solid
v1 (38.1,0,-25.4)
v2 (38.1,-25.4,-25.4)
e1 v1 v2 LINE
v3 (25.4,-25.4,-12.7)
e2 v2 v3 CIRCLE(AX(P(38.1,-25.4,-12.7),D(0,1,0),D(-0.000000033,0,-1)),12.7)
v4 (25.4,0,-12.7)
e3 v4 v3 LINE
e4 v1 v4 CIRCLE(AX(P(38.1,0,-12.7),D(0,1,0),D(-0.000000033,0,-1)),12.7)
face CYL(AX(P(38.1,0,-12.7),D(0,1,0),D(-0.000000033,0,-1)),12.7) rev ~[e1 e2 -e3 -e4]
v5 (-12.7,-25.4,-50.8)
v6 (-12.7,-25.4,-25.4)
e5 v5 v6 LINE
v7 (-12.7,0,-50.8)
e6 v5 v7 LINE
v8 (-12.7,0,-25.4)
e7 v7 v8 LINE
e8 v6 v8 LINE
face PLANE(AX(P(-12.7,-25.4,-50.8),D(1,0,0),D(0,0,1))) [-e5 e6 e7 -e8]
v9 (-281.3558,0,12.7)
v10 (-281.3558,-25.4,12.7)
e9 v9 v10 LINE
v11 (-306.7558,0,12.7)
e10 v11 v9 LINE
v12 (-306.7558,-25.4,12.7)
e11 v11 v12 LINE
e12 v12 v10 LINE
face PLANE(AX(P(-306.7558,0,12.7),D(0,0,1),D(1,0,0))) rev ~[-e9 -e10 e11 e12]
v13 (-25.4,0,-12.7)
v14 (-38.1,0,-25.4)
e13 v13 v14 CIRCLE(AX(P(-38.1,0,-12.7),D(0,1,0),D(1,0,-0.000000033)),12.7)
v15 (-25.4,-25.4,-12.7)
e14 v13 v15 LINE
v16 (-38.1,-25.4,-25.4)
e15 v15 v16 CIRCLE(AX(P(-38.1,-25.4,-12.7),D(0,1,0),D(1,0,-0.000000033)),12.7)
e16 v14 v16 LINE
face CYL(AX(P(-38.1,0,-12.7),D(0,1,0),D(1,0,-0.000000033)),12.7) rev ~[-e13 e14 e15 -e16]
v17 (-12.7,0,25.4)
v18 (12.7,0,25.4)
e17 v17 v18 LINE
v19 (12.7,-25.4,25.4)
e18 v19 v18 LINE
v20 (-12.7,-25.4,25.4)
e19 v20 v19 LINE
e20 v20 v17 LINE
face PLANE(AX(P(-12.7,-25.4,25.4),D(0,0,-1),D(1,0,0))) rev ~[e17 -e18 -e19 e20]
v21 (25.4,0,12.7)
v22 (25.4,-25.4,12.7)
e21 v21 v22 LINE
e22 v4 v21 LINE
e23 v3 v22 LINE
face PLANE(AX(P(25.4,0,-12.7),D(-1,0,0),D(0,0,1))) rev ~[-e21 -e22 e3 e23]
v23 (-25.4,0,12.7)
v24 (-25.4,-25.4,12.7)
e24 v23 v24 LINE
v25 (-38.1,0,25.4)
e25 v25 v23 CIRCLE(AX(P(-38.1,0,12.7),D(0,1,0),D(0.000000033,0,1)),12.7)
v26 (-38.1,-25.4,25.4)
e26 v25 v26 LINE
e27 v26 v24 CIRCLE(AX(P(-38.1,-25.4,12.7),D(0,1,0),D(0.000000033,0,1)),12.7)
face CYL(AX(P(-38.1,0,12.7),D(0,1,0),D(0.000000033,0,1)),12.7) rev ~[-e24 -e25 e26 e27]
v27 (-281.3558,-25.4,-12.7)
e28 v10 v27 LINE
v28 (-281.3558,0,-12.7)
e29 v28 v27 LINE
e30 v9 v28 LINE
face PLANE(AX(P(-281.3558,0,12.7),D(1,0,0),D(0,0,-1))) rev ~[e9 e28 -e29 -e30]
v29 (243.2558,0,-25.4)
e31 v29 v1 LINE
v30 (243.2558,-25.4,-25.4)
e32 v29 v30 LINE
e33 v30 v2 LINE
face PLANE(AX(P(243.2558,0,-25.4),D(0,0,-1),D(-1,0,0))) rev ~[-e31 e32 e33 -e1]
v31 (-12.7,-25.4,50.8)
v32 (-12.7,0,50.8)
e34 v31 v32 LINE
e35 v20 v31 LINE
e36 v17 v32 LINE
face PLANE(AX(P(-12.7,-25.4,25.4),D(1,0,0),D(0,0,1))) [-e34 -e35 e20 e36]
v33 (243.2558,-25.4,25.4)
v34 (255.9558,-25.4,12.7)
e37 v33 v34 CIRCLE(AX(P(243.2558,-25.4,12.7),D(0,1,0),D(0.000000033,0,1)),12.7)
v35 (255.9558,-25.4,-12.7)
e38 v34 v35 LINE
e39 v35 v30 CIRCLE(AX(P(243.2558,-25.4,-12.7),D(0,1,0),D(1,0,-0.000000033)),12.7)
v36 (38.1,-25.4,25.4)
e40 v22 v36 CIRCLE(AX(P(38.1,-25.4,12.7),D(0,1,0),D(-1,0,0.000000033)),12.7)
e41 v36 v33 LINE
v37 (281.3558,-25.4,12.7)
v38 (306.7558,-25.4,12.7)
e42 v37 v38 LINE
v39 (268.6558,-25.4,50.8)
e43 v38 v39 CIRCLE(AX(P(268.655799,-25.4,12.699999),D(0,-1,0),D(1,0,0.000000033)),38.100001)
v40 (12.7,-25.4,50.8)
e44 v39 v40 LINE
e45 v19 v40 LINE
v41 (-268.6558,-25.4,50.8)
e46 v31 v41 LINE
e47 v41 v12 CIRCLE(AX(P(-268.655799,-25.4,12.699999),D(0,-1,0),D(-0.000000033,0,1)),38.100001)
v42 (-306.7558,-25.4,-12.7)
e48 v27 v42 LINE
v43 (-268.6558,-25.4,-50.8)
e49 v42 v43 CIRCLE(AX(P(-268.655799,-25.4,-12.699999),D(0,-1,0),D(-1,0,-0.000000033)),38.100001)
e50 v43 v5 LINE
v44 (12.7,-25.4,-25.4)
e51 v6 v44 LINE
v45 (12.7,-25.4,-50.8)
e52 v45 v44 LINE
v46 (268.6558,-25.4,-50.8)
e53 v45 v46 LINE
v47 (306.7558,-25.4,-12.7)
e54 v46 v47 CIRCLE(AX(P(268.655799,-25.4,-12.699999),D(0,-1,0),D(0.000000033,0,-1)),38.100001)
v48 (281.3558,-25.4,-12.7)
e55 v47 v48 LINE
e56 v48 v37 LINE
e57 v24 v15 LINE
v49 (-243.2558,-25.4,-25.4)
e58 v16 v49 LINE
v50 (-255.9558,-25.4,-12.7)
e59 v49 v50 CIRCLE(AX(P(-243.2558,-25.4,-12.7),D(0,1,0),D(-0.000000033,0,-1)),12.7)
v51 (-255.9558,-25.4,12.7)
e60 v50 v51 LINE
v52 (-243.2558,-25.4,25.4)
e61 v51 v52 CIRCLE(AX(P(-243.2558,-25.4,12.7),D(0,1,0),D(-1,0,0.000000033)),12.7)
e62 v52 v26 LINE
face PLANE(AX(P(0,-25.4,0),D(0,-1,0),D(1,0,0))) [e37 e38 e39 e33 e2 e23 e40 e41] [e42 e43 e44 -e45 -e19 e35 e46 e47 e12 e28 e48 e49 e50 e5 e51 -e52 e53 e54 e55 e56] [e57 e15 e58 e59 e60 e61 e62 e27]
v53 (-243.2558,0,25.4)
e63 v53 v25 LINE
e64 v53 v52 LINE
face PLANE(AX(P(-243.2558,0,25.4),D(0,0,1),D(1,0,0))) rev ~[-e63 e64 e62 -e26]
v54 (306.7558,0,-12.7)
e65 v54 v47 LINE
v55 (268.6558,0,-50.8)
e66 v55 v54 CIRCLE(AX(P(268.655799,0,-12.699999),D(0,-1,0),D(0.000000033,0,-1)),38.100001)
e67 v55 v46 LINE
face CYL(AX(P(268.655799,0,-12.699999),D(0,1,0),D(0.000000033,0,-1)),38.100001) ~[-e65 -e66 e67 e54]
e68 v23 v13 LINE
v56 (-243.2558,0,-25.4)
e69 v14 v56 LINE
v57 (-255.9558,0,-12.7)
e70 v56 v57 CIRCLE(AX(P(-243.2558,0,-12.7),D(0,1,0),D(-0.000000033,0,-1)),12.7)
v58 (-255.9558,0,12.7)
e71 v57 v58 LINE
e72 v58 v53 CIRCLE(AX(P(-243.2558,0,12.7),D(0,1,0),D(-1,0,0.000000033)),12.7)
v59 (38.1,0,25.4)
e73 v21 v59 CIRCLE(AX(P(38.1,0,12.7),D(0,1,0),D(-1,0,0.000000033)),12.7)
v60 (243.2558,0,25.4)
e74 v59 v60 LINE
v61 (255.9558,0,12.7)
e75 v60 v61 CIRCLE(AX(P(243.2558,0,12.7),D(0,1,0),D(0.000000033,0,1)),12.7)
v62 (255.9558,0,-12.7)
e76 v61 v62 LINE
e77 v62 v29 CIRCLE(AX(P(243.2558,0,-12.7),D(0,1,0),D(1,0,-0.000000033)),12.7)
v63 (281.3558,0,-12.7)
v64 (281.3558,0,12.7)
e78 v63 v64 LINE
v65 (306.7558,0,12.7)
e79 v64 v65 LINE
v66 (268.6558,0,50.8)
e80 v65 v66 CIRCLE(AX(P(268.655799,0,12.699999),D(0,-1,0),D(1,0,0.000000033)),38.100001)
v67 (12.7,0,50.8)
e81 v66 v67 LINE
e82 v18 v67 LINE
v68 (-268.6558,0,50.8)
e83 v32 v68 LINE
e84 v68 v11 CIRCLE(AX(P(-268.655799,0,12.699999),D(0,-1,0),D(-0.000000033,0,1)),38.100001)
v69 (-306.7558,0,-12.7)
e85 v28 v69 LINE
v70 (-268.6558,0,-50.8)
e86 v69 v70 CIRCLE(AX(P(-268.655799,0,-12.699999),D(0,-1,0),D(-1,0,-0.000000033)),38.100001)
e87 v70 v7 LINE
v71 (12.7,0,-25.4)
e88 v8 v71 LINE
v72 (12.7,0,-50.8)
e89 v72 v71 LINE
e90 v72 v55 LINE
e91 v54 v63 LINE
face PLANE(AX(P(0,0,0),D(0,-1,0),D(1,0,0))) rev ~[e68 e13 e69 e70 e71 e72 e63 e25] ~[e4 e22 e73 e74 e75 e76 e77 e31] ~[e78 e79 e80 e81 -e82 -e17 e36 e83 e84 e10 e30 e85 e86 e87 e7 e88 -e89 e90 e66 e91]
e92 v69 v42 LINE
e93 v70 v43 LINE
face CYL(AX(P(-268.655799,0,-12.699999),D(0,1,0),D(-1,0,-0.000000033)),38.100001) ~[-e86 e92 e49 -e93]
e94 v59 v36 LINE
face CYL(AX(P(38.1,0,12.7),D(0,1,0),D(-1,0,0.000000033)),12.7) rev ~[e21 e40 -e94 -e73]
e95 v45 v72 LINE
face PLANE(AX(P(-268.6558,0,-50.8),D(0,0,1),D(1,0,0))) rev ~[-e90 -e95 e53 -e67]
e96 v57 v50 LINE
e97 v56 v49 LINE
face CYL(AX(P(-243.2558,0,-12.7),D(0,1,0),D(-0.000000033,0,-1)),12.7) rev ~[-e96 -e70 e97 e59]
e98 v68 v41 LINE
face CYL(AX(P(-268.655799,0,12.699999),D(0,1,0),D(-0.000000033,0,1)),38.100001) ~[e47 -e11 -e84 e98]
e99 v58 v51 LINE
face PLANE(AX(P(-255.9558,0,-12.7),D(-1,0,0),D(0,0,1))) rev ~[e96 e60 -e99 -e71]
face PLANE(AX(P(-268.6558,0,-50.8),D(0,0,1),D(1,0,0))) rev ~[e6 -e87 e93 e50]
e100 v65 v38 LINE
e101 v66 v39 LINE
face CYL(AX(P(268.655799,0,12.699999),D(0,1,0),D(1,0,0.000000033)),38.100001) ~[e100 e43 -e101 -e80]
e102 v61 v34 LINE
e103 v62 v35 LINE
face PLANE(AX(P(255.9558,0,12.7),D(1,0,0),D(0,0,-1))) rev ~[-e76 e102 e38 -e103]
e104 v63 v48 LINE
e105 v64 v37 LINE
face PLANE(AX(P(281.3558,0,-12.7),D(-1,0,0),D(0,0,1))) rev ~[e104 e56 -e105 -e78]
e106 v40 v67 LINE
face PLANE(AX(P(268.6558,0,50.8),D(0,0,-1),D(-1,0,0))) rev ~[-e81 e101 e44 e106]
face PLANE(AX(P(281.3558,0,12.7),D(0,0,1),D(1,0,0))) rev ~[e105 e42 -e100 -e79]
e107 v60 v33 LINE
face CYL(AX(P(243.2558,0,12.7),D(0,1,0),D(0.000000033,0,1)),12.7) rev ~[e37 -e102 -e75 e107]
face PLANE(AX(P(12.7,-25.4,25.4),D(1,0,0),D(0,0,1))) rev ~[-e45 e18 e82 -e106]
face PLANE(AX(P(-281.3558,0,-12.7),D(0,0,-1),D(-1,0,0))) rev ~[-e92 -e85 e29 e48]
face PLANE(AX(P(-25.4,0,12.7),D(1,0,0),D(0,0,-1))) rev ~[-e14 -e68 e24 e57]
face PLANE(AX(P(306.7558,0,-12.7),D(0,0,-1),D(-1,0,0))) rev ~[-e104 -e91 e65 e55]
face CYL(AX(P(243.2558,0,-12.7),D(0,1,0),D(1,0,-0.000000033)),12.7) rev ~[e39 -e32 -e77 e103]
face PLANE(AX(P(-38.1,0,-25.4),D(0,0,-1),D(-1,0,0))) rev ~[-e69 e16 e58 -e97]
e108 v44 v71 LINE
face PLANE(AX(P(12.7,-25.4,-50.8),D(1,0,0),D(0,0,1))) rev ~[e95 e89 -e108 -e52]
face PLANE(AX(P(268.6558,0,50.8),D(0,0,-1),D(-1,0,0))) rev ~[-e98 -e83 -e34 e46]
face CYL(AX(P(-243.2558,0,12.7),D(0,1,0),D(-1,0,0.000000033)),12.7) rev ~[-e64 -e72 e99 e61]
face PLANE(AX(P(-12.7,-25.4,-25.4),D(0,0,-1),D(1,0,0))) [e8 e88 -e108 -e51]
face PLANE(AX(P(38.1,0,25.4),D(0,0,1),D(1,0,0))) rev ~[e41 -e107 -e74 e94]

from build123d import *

# Parameters (mm, degrees)
F1_DEPTH = 25.4
F2_W     = 25.4
F2_H     = 25.4
F3_DEPTH = 25.4


with BuildPart() as f1:
    # F0 (on Front) → F1 (new body)
    with BuildSketch(Plane.XZ):
        with BuildLine():
            Line((-306.7558, 12.7), (-281.3558, 12.7))
            Line((-281.3558, 12.7), (-281.3558, -12.7))
            Line((-281.3558, -12.7), (-306.7558, -12.7))
            ThreePointArc((-306.7558, -12.7), (-295.596568, -39.640768), (-268.6558, -50.8))
            Line((-268.6558, -50.8), (0, -50.8))
            Line((0, -50.8), (268.6558, -50.8))
            ThreePointArc((268.6558, -50.8), (295.596568, -39.640768), (306.7558, -12.7))
            Line((306.7558, -12.7), (281.3558, -12.7))
            Line((281.3558, -12.7), (281.3558, 12.7))
            Line((281.3558, 12.7), (306.7558, 12.7))
            ThreePointArc((306.7558, 12.7), (295.596568, 39.640768), (268.6558, 50.8))
            Line((268.6558, 50.8), (0, 50.8))
            Line((0, 50.8), (-268.6558, 50.8))
            ThreePointArc((-268.6558, 50.8), (-295.596568, 39.640768), (-306.7558, 12.7))
        make_face()
        with BuildLine():
            Line((-38.1, -25.4), (-243.2558, -25.4))
            ThreePointArc((-243.2558, -25.4), (-252.236056, -21.680256), (-255.9558, -12.7))
            Line((-255.9558, -12.7), (-255.9558, 12.7))
            ThreePointArc((-255.9558, 12.7), (-252.236056, 21.680256), (-243.2558, 25.4))
            Line((-243.2558, 25.4), (-38.1, 25.4))
            ThreePointArc((-38.1, 25.4), (-29.119744, 21.680256), (-25.4, 12.7))
            Line((-25.4, 12.7), (-25.4, -12.7))
            ThreePointArc((-25.4, -12.7), (-29.119744, -21.680256), (-38.1, -25.4))
        make_face(mode=Mode.SUBTRACT)
        with BuildLine():
            ThreePointArc((255.9558, -12.7), (252.236056, -21.680256), (243.2558, -25.4))
            Line((243.2558, -25.4), (38.1, -25.4))
            ThreePointArc((38.1, -25.4), (29.119744, -21.680256), (25.4, -12.7))
            Line((25.4, -12.7), (25.4, 12.7))
            ThreePointArc((25.4, 12.7), (29.119744, 21.680256), (38.1, 25.4))
            Line((38.1, 25.4), (243.2558, 25.4))
            ThreePointArc((243.2558, 25.4), (252.236056, 21.680256), (255.9558, 12.7))
            Line((255.9558, 12.7), (255.9558, -12.7))
        make_face(mode=Mode.SUBTRACT)
    extrude(amount=F1_DEPTH)

    # F2 (on face) → F3 (cut)
    with BuildSketch(Plane.XZ.offset(25.4)):
        with Locations((0, 38.1)):
            Rectangle(F2_W, F2_H)
        with Locations((0, -38.1)):
            Rectangle(F2_W, F2_H)
    extrude(amount=-F3_DEPTH, mode=Mode.SUBTRACT)


solid = f1.part
